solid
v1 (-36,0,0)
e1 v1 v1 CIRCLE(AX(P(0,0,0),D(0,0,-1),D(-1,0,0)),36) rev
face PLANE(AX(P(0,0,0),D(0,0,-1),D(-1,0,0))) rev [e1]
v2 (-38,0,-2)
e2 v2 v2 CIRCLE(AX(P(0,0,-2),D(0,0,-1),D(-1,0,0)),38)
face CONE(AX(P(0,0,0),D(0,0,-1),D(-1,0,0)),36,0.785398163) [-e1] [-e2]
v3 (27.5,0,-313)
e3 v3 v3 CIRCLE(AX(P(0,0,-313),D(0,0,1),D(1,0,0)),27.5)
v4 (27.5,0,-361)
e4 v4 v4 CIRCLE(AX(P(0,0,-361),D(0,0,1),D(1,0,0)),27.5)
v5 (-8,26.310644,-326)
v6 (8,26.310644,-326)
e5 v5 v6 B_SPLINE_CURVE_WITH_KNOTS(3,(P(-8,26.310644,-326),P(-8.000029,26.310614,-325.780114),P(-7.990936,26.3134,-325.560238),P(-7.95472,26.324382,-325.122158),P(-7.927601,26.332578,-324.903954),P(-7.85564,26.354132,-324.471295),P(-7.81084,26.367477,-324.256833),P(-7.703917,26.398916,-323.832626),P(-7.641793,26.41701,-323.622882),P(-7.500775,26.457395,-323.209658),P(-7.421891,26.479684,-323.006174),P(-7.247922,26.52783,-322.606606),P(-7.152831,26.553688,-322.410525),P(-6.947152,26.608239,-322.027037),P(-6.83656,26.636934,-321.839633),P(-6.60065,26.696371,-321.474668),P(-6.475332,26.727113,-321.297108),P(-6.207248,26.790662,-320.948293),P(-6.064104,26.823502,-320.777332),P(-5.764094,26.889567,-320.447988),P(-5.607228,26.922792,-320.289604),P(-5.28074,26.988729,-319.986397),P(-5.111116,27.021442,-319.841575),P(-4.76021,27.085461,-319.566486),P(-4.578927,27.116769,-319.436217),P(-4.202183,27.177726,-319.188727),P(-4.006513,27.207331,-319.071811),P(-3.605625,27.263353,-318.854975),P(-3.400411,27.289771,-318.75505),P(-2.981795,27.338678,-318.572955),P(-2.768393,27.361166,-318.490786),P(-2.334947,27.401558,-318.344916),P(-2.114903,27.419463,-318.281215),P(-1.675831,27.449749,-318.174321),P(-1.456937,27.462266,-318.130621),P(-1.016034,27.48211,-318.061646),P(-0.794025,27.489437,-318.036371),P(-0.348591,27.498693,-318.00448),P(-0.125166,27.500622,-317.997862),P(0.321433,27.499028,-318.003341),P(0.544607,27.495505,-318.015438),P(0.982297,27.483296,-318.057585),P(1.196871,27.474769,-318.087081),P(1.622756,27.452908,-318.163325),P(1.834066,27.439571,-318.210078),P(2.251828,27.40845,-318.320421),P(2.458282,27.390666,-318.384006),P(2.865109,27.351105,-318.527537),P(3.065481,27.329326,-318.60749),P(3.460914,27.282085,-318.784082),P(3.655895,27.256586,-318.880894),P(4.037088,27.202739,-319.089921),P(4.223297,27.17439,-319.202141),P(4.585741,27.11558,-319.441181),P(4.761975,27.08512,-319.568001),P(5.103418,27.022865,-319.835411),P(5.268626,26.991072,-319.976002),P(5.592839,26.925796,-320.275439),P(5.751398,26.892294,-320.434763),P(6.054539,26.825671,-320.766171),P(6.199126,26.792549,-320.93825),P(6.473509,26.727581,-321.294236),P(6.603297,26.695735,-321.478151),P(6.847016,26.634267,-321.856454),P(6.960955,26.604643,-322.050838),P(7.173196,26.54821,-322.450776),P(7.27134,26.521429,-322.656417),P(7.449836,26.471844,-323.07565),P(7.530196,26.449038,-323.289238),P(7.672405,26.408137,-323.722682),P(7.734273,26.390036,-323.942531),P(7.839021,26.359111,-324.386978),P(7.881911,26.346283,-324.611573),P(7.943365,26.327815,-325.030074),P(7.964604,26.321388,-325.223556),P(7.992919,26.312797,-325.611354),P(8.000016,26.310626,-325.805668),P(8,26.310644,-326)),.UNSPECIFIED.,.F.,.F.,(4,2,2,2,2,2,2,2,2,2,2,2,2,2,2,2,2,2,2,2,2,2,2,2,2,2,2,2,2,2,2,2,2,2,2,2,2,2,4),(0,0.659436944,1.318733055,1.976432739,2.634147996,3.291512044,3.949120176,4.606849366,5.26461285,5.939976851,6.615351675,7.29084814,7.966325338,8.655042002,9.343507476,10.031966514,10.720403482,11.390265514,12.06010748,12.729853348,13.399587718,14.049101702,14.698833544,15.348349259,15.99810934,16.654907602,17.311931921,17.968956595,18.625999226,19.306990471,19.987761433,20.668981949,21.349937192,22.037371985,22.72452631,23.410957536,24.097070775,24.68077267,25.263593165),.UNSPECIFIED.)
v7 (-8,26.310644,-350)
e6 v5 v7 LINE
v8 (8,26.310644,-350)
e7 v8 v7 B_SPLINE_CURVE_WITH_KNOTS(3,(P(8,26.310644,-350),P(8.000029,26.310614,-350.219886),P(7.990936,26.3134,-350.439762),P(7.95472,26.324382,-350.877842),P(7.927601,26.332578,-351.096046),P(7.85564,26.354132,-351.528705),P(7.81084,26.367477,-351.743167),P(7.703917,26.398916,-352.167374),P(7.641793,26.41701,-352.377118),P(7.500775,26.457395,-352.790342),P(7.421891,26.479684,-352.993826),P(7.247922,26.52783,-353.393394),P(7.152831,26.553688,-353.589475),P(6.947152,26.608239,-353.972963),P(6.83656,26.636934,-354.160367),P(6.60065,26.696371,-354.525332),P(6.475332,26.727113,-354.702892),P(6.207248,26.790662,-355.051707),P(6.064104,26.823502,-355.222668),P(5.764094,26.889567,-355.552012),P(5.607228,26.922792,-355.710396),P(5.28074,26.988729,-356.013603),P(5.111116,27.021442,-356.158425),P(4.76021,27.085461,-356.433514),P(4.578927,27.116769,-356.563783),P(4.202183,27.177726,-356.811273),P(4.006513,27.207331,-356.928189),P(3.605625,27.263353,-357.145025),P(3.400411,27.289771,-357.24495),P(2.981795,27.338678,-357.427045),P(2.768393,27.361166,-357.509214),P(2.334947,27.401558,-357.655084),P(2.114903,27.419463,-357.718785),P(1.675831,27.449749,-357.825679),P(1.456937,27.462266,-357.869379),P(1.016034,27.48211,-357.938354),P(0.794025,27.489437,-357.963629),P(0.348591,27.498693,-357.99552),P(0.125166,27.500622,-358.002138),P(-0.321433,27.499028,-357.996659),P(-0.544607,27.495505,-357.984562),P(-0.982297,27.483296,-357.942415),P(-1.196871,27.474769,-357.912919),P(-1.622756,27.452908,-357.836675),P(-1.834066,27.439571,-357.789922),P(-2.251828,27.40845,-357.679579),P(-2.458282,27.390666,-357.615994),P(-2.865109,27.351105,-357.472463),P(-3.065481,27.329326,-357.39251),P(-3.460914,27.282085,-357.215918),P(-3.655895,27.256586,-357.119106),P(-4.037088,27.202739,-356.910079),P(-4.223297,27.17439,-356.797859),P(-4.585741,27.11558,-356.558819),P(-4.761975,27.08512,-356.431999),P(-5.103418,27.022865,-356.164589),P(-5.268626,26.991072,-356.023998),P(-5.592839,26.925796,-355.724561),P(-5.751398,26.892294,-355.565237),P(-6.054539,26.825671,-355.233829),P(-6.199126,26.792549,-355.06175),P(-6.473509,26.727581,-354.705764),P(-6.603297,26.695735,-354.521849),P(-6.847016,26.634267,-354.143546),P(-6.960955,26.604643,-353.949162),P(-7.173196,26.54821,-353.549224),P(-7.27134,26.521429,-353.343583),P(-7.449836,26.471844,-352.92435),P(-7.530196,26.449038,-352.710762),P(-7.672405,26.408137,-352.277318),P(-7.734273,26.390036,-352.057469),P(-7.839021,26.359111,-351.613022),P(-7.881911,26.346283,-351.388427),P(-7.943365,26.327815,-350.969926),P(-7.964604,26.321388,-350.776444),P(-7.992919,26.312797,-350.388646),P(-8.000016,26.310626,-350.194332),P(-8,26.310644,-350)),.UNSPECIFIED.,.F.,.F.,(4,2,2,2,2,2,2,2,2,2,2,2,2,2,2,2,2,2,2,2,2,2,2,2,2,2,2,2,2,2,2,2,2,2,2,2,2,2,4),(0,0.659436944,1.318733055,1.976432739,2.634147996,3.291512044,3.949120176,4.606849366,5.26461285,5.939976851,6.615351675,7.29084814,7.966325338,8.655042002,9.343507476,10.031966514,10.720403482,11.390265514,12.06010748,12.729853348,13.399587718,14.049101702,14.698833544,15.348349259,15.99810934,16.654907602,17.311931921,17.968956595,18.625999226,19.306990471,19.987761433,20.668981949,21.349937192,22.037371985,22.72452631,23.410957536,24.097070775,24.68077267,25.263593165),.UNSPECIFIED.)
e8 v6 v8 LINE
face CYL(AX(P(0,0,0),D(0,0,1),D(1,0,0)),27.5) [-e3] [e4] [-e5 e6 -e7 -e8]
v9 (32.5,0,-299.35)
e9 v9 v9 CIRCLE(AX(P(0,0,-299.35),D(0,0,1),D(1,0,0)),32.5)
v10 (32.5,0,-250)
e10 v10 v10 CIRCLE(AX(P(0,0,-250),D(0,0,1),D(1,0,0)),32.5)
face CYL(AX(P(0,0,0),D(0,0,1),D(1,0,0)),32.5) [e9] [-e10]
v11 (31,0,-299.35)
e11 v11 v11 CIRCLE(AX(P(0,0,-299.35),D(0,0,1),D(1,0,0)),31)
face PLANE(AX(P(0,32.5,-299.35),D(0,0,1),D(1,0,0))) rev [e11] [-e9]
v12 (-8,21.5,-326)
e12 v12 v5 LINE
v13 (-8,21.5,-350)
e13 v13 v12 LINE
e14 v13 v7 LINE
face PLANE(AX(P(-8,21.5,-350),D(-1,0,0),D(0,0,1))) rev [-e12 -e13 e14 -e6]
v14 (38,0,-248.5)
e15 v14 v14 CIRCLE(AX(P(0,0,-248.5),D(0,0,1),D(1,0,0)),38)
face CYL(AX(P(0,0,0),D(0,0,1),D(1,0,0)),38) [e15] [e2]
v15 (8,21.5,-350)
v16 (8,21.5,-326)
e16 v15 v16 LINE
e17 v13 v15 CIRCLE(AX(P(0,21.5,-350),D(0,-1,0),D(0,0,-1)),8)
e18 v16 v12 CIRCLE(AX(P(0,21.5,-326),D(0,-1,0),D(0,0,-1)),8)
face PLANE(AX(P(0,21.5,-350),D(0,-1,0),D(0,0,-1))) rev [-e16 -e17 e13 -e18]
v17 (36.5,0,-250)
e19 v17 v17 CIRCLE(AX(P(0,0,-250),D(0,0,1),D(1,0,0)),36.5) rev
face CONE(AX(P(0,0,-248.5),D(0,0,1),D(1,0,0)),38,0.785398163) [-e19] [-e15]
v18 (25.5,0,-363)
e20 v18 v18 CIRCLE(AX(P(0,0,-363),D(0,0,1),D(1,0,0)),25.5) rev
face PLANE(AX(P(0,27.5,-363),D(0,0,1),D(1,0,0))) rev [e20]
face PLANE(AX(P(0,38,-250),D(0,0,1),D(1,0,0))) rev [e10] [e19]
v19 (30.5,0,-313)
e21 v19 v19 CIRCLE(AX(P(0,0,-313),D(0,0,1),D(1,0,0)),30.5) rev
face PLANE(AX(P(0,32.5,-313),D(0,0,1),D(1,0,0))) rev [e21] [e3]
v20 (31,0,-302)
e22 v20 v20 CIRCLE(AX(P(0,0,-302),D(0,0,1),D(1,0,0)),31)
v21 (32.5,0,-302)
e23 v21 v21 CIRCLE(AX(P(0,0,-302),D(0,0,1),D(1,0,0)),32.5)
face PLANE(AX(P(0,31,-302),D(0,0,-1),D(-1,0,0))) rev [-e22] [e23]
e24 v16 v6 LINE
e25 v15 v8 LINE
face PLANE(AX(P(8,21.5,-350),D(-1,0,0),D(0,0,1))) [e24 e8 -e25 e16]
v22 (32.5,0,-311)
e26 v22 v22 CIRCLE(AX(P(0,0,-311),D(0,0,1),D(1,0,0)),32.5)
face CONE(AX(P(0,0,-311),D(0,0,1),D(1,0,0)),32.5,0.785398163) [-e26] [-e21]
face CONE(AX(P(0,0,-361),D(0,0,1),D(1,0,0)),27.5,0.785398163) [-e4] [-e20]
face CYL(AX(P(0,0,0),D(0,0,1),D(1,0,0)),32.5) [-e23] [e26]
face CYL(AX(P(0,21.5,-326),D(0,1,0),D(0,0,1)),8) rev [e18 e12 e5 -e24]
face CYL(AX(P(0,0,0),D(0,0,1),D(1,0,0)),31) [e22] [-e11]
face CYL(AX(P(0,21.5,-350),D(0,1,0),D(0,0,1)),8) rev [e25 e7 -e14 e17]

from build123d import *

# Parameters (mm, degrees)
CHAMFER_1_SIZE      = 2
CHAMFER_2_SIZE      = 1.5
CUT_EXTRUDE_1_DEPTH = 6
CHAMFER_3_SIZE      = 2


with BuildPart() as part:
    # Эскиз1 → Повернуть1 (revolve)
    with BuildSketch(Plane(origin=(0, 0, 0), x_dir=(0, 0, -1), z_dir=(1, 0, 0)), mode=Mode.PRIVATE) as revolve_1_sk:
        Polygon((0, 0), (0, 38), (250, 38), (250, 32.5), (299.35, 32.5), (299.35, 31), (302, 31), (302, 32.5), (313, 32.5), (313, 27.5), (363, 27.5), (363, 0), align=None)
    revolve(revolve_1_sk.sketch.rotate(Axis((0, 0, 0), (0, 0, -1)), 90), axis=Axis((0, 0, 0), (0, 0, -1)))

    # Фаска1
    chamfer_1_edges = [part.edges().sort_by_distance(p)[0] for p in [
        (-38, 0, 0),
        (-27.5, 0, -363),
    ]]
    chamfer(chamfer_1_edges, length=CHAMFER_1_SIZE)

    # Фаска2
    chamfer_2_edges = [part.edges().sort_by_distance(p)[0] for p in [
        (-38, 0, -250),
    ]]
    chamfer(chamfer_2_edges, length=CHAMFER_2_SIZE)

    # Эскиз8 → Вырез-Вытянуть1 (cut)
    with BuildSketch(Plane(origin=(-6.6, 27.5, -280), x_dir=(-1, 0, 0), z_dir=(0, -1, 0))):
        with BuildLine():
            Line((1.4, 70), (1.4, 46))
            ThreePointArc((1.4, 46), (-6.6, 38), (-14.6, 46))
            Line((-14.6, 46), (-14.6, 70))
            ThreePointArc((-14.6, 70), (-6.6, 78), (1.4, 70))
        make_face()
    extrude(amount=CUT_EXTRUDE_1_DEPTH, mode=Mode.SUBTRACT)

    # Фаска3
    chamfer_3_edges = [part.edges().sort_by_distance(p)[0] for p in [
        (-32.5, 0, -313),
    ]]
    chamfer(chamfer_3_edges, length=CHAMFER_3_SIZE)


solid = part.part
